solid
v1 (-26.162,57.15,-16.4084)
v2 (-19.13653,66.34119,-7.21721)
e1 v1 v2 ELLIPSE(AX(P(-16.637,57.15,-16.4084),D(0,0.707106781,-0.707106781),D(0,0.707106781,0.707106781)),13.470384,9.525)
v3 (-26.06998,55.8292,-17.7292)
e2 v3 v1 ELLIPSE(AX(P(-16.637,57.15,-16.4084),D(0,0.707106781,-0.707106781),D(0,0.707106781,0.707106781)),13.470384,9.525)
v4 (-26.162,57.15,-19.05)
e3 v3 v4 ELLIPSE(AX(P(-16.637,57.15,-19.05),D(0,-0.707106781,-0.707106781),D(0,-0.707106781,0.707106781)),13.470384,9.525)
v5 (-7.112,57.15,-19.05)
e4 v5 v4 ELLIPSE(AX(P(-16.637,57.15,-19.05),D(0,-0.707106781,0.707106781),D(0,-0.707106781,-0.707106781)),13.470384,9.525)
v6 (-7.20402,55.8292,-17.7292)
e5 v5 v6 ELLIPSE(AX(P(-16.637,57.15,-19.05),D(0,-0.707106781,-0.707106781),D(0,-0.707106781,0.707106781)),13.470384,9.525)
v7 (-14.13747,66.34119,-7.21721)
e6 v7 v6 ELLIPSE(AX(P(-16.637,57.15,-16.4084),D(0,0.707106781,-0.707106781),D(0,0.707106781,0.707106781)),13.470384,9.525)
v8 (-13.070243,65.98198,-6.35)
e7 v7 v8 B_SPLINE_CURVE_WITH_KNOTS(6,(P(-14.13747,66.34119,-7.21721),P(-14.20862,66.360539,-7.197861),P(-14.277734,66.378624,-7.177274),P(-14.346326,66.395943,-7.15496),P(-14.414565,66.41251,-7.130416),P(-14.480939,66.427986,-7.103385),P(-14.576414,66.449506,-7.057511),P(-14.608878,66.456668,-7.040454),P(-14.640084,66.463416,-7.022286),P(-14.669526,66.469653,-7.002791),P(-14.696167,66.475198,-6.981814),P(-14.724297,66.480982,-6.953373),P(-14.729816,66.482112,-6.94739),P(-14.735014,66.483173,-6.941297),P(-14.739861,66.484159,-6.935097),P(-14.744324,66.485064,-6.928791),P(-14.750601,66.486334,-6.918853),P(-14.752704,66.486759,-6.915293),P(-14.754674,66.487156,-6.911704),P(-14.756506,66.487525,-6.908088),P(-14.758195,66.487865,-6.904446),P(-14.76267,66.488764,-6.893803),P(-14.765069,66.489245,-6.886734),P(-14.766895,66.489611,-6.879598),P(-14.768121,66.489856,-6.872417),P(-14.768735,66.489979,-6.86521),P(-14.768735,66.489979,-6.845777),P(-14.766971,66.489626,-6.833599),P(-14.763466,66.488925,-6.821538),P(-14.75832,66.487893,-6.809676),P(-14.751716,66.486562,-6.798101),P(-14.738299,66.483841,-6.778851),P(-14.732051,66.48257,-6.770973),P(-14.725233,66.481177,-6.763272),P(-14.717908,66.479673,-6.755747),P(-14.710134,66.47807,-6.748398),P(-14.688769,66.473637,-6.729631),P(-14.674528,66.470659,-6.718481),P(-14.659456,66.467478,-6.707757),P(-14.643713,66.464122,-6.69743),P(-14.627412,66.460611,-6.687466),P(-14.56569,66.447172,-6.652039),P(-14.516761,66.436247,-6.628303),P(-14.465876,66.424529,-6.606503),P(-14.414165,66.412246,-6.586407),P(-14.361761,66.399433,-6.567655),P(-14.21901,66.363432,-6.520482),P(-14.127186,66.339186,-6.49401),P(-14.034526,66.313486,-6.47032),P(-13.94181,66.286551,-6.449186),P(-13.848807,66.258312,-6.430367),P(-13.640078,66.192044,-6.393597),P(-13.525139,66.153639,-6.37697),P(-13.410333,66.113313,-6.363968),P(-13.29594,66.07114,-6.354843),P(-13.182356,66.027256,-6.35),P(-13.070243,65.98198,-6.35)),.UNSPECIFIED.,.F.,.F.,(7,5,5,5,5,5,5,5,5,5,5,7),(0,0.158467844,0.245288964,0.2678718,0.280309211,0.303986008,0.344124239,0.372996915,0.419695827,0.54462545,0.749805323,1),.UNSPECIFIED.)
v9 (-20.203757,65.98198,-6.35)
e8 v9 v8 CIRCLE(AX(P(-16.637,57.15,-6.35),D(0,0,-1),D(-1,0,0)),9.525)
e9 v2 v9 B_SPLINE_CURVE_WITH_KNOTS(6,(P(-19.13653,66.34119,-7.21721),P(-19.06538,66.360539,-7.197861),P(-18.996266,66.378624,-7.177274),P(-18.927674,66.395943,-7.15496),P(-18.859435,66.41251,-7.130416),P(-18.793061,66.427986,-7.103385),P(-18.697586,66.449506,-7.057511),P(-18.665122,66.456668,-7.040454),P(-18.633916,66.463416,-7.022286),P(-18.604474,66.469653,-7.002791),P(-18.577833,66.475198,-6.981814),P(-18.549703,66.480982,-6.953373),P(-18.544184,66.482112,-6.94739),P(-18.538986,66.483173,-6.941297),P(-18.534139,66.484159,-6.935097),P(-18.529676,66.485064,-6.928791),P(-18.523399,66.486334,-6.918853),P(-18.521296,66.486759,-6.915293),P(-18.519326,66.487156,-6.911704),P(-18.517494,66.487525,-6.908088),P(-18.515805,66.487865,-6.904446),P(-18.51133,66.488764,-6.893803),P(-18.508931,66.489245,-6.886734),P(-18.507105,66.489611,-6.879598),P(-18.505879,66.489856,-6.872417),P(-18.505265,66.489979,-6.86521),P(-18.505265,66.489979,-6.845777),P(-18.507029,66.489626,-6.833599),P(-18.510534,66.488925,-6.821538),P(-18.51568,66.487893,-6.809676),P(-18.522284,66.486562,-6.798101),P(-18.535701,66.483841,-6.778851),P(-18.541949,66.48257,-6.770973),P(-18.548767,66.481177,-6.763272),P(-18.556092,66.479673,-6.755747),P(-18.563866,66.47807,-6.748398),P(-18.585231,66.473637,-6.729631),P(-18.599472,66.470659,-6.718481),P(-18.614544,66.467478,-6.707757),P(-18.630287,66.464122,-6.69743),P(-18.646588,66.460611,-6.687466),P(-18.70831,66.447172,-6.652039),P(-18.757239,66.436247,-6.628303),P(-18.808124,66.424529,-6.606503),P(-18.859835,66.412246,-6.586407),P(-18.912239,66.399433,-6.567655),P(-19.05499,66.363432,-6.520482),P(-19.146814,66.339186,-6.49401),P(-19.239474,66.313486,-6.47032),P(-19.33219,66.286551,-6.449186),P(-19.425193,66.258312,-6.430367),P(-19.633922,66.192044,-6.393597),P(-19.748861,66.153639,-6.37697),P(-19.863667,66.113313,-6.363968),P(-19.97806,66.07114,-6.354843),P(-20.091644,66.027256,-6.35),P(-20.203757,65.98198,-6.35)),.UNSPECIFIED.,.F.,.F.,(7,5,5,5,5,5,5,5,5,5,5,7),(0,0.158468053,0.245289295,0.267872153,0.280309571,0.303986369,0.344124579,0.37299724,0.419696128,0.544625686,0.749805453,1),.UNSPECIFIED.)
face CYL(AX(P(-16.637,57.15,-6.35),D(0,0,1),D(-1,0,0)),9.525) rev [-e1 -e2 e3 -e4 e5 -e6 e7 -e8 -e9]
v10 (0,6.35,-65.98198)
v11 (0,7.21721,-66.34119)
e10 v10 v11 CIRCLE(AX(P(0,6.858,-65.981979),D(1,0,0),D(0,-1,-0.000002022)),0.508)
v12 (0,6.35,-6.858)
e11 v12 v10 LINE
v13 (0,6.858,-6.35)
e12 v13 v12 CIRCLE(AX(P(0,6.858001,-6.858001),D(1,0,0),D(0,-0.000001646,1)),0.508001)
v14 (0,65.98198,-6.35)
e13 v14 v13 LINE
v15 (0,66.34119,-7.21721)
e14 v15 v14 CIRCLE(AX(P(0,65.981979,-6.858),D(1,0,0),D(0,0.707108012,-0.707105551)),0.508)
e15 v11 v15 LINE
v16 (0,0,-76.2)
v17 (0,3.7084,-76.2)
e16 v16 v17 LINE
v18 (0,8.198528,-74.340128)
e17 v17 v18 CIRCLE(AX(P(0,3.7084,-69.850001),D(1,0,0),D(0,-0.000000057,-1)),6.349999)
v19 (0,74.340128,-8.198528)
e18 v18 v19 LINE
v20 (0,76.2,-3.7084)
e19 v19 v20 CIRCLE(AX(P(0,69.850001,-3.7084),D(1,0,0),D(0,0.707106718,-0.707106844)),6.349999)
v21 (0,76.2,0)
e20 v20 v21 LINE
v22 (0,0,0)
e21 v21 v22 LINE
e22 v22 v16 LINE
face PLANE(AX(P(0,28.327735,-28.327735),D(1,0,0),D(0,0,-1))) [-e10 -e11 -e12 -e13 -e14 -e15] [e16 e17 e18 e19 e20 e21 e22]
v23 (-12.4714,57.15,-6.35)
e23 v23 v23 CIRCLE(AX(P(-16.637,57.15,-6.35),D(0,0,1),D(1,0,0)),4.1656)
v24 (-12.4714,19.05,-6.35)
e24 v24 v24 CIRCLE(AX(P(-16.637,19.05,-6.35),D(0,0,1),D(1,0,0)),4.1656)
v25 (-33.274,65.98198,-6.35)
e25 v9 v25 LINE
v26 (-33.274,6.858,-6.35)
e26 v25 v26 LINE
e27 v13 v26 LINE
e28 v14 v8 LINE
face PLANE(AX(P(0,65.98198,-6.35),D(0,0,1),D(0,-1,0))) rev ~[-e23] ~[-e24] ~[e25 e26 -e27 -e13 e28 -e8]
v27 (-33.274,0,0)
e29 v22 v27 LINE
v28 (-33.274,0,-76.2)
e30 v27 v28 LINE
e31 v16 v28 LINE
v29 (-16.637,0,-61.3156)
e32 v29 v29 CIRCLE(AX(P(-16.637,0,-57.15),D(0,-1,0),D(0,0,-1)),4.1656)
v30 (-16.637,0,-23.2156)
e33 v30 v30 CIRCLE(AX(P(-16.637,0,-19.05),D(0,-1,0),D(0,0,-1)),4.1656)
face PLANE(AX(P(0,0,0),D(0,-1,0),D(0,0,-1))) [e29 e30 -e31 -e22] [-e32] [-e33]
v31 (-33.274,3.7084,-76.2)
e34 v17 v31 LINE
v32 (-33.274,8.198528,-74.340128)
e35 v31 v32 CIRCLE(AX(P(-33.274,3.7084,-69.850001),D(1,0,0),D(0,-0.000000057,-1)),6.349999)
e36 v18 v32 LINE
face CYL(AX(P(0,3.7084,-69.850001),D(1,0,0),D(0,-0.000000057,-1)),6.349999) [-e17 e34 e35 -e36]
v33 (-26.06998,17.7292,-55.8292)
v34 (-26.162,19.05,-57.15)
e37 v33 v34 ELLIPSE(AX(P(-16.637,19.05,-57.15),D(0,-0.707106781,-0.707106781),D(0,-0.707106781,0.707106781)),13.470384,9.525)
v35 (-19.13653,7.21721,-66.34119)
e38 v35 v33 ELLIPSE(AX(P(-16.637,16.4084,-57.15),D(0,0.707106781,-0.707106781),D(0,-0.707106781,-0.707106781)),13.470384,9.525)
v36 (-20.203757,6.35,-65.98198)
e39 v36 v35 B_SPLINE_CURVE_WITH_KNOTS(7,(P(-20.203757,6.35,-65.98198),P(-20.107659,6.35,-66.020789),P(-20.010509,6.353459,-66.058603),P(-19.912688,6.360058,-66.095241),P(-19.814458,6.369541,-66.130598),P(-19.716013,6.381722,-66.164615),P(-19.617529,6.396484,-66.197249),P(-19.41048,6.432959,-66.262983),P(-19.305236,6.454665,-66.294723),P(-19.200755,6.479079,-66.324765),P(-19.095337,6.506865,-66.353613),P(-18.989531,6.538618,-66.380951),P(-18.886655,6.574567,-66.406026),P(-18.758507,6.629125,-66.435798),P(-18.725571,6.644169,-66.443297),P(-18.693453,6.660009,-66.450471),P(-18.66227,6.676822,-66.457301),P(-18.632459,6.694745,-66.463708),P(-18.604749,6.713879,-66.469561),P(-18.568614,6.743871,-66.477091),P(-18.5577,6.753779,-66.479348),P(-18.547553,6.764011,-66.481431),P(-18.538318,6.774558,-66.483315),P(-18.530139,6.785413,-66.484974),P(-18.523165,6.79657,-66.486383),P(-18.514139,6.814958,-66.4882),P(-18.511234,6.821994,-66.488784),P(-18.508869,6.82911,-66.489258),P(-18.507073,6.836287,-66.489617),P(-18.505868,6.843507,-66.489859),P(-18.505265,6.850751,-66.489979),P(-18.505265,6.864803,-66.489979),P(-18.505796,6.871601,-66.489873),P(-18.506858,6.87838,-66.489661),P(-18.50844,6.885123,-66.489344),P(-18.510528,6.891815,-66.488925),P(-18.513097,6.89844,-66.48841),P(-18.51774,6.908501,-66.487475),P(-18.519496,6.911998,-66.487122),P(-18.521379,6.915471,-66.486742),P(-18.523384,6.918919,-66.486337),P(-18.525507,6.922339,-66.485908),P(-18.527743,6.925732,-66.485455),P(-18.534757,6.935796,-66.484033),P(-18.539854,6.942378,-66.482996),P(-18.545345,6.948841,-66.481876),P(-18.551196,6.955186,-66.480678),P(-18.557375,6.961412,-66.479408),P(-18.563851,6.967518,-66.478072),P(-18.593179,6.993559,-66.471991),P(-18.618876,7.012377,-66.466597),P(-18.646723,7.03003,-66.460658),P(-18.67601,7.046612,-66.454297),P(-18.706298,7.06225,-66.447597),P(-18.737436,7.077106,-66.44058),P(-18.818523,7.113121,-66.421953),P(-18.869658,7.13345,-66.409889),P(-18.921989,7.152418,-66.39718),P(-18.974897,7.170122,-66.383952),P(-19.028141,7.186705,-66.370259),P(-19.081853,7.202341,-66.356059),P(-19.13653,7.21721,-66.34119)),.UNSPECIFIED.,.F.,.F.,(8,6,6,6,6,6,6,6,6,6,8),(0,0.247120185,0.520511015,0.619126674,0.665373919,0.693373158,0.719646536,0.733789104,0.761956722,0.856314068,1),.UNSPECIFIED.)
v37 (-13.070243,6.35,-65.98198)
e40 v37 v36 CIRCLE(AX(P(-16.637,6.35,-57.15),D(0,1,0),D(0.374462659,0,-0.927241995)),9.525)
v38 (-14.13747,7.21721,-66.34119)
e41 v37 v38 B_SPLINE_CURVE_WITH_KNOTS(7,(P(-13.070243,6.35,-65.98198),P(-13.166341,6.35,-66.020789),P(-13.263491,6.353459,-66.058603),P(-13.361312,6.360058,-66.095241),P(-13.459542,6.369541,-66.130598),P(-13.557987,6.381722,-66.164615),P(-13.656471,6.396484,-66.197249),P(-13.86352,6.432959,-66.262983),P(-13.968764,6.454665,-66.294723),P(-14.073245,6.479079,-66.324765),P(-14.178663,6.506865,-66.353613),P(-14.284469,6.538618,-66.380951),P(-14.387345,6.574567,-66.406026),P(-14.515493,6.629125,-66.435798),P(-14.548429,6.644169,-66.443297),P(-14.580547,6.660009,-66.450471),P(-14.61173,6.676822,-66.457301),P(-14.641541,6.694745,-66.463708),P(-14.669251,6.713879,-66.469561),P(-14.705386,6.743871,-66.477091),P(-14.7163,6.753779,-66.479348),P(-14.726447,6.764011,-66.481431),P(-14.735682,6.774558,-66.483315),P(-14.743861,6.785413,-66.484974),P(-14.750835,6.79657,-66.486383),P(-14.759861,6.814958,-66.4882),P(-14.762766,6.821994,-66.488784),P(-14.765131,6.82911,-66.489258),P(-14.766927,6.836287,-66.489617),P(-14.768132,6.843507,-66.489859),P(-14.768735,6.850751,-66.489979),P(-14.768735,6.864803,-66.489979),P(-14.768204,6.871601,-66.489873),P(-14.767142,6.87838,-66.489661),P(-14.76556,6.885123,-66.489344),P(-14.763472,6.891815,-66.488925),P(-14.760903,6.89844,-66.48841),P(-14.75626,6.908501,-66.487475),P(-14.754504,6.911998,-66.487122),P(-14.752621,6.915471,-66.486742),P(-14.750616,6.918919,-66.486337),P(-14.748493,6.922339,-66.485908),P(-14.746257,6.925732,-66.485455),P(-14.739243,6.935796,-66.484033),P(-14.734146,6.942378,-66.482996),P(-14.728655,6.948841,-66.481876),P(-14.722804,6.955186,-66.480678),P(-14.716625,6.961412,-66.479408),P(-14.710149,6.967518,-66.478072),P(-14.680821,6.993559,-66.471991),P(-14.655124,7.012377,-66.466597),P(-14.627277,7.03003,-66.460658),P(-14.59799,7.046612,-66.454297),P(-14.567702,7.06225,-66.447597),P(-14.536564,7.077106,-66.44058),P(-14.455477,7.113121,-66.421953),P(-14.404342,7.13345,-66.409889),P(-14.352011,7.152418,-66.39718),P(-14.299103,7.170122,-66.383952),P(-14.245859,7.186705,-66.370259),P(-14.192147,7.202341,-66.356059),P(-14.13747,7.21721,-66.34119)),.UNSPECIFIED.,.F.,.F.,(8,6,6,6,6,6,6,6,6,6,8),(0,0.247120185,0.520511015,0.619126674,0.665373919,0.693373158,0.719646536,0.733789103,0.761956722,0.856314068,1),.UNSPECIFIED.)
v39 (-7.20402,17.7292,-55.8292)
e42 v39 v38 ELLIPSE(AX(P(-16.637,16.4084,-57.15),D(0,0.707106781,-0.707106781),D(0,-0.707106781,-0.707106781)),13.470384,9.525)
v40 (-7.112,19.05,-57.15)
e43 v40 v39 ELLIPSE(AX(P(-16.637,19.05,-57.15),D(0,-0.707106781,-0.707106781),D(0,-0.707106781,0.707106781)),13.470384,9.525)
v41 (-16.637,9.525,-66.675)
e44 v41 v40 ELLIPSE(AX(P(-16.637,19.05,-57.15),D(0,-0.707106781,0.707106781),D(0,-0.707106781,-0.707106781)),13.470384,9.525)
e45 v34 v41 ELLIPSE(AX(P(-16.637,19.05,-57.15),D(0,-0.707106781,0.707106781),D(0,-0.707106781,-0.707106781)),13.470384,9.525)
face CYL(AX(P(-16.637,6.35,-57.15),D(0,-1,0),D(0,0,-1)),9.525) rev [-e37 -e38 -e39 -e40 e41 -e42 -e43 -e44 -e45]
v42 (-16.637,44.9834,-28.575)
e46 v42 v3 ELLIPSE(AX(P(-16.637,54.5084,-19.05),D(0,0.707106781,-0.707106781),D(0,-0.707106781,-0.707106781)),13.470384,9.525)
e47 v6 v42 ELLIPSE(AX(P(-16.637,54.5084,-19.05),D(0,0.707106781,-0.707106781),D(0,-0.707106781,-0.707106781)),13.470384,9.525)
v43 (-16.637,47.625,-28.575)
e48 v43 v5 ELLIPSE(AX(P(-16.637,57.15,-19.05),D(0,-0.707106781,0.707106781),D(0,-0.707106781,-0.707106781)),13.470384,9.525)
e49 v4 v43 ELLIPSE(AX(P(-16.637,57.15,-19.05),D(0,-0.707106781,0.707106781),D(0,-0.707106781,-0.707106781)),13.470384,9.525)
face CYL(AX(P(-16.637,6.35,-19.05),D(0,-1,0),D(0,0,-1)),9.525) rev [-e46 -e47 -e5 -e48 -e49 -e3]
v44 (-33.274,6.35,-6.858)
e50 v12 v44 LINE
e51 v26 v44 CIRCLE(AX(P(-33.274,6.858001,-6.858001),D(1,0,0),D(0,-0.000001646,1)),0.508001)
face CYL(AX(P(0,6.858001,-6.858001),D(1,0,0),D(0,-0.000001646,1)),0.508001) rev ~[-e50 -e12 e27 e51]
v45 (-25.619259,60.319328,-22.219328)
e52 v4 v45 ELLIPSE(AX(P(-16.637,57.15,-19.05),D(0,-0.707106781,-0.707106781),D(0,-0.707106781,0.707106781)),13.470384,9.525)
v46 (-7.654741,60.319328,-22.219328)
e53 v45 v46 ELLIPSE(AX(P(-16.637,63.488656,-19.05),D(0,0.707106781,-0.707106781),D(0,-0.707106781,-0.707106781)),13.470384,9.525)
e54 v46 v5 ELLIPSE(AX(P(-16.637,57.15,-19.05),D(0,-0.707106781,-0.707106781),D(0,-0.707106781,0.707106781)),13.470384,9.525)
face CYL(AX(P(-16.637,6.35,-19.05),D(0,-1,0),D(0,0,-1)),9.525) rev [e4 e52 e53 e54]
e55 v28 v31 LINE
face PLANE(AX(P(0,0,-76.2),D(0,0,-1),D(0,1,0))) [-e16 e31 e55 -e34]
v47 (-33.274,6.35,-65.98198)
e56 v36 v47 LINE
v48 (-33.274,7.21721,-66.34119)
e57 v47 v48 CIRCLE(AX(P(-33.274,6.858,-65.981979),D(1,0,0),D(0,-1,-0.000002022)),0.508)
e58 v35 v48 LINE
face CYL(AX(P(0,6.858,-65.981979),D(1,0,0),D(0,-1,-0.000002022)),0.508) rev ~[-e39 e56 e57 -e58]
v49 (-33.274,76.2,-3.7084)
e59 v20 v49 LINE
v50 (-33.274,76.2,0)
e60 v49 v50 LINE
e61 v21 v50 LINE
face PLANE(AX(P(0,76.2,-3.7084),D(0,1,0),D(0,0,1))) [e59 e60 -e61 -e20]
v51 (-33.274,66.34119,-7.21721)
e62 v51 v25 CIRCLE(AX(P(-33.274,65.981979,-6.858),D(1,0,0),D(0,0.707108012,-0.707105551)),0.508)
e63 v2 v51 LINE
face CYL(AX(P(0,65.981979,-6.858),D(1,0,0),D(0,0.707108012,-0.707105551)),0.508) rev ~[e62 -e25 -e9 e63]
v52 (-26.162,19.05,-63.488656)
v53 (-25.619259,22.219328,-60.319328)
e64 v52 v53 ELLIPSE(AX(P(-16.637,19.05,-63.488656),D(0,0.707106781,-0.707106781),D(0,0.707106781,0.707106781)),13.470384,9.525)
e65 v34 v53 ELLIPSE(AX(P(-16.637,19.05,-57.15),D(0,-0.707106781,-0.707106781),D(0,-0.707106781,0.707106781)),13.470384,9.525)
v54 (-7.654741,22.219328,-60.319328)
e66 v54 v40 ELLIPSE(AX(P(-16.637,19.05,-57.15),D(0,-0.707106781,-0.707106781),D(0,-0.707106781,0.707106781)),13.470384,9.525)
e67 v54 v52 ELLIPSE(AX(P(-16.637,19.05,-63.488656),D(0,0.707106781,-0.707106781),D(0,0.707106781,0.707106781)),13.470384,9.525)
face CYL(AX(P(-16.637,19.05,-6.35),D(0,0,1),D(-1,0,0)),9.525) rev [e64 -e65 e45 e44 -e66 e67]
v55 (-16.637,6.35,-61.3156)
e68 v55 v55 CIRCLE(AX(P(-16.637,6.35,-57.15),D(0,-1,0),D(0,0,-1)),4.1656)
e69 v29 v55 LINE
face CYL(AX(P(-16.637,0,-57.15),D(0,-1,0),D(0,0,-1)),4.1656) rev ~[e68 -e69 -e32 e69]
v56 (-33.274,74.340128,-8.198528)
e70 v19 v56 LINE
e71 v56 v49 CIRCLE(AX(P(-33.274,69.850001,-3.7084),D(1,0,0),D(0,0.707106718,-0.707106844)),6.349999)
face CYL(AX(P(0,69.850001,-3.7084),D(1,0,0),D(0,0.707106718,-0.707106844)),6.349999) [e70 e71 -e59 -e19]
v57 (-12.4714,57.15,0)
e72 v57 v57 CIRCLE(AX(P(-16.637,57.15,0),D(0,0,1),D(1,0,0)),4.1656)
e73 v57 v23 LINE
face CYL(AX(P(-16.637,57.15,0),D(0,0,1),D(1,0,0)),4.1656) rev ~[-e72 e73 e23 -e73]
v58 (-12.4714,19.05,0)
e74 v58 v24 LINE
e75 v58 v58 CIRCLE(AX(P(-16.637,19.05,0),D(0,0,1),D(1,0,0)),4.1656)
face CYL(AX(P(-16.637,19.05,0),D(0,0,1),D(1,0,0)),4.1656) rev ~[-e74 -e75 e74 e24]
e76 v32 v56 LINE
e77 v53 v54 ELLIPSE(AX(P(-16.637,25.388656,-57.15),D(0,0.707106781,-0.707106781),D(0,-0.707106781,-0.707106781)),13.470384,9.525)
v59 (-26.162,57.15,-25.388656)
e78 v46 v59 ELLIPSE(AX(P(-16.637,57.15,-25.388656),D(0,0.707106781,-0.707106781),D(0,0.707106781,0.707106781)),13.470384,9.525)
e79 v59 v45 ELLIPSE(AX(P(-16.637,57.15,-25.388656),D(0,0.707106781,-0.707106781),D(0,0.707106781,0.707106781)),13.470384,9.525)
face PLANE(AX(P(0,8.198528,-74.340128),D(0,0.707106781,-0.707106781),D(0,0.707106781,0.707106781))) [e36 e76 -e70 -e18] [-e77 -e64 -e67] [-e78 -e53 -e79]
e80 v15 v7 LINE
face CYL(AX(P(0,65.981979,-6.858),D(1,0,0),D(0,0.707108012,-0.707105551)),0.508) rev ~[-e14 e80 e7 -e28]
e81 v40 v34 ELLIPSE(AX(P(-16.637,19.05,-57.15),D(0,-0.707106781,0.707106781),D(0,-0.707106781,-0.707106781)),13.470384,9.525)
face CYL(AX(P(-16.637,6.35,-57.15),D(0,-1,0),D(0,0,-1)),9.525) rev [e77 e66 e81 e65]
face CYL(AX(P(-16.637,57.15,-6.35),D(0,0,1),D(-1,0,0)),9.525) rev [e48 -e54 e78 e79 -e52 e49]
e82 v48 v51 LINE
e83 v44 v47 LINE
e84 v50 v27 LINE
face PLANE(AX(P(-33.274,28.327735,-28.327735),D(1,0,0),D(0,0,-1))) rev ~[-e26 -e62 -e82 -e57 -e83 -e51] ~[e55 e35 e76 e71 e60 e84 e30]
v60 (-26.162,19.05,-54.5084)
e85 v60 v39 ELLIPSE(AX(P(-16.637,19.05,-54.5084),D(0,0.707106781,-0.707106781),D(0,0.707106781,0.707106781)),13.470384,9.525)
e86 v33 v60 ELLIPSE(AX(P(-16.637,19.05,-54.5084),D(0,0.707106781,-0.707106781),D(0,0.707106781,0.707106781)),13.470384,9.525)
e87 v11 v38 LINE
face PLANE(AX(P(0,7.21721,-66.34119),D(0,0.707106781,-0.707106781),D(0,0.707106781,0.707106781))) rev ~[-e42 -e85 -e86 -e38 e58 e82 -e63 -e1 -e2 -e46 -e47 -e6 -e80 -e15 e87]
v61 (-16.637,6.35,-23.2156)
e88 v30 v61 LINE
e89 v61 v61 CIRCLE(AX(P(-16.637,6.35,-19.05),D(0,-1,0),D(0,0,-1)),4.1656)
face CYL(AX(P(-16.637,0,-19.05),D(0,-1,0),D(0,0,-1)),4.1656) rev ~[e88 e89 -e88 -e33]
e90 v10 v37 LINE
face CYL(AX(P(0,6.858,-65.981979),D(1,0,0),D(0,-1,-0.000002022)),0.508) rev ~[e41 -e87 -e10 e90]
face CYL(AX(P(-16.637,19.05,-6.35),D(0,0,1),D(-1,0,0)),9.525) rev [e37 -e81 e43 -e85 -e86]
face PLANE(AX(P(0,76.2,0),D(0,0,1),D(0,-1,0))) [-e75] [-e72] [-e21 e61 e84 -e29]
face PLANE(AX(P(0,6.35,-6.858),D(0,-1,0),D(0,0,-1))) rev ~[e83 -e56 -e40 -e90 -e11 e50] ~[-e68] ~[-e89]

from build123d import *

# Parameters (mm, degrees)
BASE_EXTRUDE_DEPTH       = 33.274
HOLE1_REACH              = 114.783
SKETCH2_R                = 4.1656
SKETCH3_R                = 9.525
HOLE1A_DEPTH             = 109.593838
HOLE1_PATTERN_COUNT      = 2
HOLE1_PATTERN_PITCH      = 38.1
HOLE1_PATTERN_COUNT_DIR2 = 2
HOLE1_PATTERN_PITCH_DIR2 = 38.1
HOLE2_REACH              = 114.783
SKETCH4_R                = 4.1656
SKETCH5_R                = 9.525
HOLE2A_DEPTH             = 109.593838
HOLE2_PATTERN_COUNT      = 2
HOLE2_PATTERN_PITCH      = 38.1
HOLE2_PATTERN_COUNT_DIR2 = 2
HOLE2_PATTERN_PITCH_DIR2 = 38.1


with BuildPart() as part:
    # Sketch1 → Base Extrude (new body)
    with BuildSketch(Plane(origin=(0, 0, 0), x_dir=(0, 0, -1), z_dir=(1, 0, 0))):
        with BuildLine():
            Line((0, 76.2), (0, 0))
            Line((0, 0), (76.2, 0))
            Line((76.2, 0), (76.2, 3.7084))
            ThreePointArc((76.2, 3.7084), (75.716635, 6.13844), (74.340128, 8.198528))
            Line((74.340128, 8.198528), (8.198528, 74.340128))
            ThreePointArc((8.198528, 74.340128), (6.13844, 75.716635), (3.7084, 76.2))
            Line((3.7084, 76.2), (0, 76.2))
        make_face()
        with BuildLine():
            Line((6.35, 65.98198), (6.35, 6.858))
            ThreePointArc((6.35, 6.858), (6.49879, 6.49879), (6.858, 6.35))
            Line((6.858, 6.35), (65.98198, 6.35))
            ThreePointArc((65.98198, 6.35), (66.45131, 6.663597), (66.34119, 7.21721))
            Line((66.34119, 7.21721), (7.21721, 66.34119))
            ThreePointArc((7.21721, 66.34119), (6.663597, 66.45131), (6.35, 65.98198))
        make_face(mode=Mode.SUBTRACT)
    extrude(amount=-BASE_EXTRUDE_DEPTH)

    # Sketch2 → Hole1 (cut, up to next)
    with BuildSketch(Plane.XZ, mode=Mode.PRIVATE) as hole1_sk1:
        with Locations(Location((-16.637, -19.05, 0), (0, 0, 270))):
            Circle(SKETCH2_R)
    hole1_tool1 = extrude(hole1_sk1.sketch, amount=-HOLE1_REACH, mode=Mode.PRIVATE) & part.part
    hole1 = hole1_tool1.solids().sort_by_distance((-16.637, 0, -19.05))[0]
    add(hole1, mode=Mode.SUBTRACT)

    # Sketch3 → Hole1a (cut, through all)
    with BuildSketch(Plane(origin=(0, 6.35, 0), x_dir=(-1, 0, 0), z_dir=(0, 1, 0))):
        with Locations(Location((16.637, -19.05, 0), (0, 0, 270))):
            Circle(SKETCH3_R)
    hole1a = extrude(amount=HOLE1A_DEPTH, mode=Mode.SUBTRACT)

    # Hole1 Pattern: Hole1, Hole1a 2 × 2
    with Locations(*[(i * HOLE1_PATTERN_PITCH, 0, -j * HOLE1_PATTERN_PITCH_DIR2) for i in range(HOLE1_PATTERN_COUNT) for j in range(HOLE1_PATTERN_COUNT_DIR2) if (i, j) != (0, 0)]):
        add(hole1, mode=Mode.SUBTRACT)
        add(hole1a, mode=Mode.SUBTRACT)

    # Sketch4 → Hole2 (cut, up to next)
    with BuildSketch(Plane.XY, mode=Mode.PRIVATE) as hole2_sk1:
        with Locations((-16.637, 19.05)):
            Circle(SKETCH4_R)
    hole2_tool1 = extrude(hole2_sk1.sketch, amount=-HOLE2_REACH, mode=Mode.PRIVATE) & part.part
    hole2 = hole2_tool1.solids().sort_by_distance((-16.637, 19.05, 0))[0]
    add(hole2, mode=Mode.SUBTRACT)

    # Sketch5 → Hole2a (cut, through all)
    with BuildSketch(Plane(origin=(0, 0, -6.35), x_dir=(-1, 0, 0), z_dir=(0, 0, -1))):
        with Locations((16.637, 19.05)):
            Circle(SKETCH5_R)
    hole2a = extrude(amount=HOLE2A_DEPTH, mode=Mode.SUBTRACT)

    # Hole2 Pattern: Hole2, Hole2a 2 × 2
    with Locations(*[(i * HOLE2_PATTERN_PITCH, j * HOLE2_PATTERN_PITCH_DIR2, 0) for i in range(HOLE2_PATTERN_COUNT) for j in range(HOLE2_PATTERN_COUNT_DIR2) if (i, j) != (0, 0)]):
        add(hole2, mode=Mode.SUBTRACT)
        add(hole2a, mode=Mode.SUBTRACT)


solid = part.part
